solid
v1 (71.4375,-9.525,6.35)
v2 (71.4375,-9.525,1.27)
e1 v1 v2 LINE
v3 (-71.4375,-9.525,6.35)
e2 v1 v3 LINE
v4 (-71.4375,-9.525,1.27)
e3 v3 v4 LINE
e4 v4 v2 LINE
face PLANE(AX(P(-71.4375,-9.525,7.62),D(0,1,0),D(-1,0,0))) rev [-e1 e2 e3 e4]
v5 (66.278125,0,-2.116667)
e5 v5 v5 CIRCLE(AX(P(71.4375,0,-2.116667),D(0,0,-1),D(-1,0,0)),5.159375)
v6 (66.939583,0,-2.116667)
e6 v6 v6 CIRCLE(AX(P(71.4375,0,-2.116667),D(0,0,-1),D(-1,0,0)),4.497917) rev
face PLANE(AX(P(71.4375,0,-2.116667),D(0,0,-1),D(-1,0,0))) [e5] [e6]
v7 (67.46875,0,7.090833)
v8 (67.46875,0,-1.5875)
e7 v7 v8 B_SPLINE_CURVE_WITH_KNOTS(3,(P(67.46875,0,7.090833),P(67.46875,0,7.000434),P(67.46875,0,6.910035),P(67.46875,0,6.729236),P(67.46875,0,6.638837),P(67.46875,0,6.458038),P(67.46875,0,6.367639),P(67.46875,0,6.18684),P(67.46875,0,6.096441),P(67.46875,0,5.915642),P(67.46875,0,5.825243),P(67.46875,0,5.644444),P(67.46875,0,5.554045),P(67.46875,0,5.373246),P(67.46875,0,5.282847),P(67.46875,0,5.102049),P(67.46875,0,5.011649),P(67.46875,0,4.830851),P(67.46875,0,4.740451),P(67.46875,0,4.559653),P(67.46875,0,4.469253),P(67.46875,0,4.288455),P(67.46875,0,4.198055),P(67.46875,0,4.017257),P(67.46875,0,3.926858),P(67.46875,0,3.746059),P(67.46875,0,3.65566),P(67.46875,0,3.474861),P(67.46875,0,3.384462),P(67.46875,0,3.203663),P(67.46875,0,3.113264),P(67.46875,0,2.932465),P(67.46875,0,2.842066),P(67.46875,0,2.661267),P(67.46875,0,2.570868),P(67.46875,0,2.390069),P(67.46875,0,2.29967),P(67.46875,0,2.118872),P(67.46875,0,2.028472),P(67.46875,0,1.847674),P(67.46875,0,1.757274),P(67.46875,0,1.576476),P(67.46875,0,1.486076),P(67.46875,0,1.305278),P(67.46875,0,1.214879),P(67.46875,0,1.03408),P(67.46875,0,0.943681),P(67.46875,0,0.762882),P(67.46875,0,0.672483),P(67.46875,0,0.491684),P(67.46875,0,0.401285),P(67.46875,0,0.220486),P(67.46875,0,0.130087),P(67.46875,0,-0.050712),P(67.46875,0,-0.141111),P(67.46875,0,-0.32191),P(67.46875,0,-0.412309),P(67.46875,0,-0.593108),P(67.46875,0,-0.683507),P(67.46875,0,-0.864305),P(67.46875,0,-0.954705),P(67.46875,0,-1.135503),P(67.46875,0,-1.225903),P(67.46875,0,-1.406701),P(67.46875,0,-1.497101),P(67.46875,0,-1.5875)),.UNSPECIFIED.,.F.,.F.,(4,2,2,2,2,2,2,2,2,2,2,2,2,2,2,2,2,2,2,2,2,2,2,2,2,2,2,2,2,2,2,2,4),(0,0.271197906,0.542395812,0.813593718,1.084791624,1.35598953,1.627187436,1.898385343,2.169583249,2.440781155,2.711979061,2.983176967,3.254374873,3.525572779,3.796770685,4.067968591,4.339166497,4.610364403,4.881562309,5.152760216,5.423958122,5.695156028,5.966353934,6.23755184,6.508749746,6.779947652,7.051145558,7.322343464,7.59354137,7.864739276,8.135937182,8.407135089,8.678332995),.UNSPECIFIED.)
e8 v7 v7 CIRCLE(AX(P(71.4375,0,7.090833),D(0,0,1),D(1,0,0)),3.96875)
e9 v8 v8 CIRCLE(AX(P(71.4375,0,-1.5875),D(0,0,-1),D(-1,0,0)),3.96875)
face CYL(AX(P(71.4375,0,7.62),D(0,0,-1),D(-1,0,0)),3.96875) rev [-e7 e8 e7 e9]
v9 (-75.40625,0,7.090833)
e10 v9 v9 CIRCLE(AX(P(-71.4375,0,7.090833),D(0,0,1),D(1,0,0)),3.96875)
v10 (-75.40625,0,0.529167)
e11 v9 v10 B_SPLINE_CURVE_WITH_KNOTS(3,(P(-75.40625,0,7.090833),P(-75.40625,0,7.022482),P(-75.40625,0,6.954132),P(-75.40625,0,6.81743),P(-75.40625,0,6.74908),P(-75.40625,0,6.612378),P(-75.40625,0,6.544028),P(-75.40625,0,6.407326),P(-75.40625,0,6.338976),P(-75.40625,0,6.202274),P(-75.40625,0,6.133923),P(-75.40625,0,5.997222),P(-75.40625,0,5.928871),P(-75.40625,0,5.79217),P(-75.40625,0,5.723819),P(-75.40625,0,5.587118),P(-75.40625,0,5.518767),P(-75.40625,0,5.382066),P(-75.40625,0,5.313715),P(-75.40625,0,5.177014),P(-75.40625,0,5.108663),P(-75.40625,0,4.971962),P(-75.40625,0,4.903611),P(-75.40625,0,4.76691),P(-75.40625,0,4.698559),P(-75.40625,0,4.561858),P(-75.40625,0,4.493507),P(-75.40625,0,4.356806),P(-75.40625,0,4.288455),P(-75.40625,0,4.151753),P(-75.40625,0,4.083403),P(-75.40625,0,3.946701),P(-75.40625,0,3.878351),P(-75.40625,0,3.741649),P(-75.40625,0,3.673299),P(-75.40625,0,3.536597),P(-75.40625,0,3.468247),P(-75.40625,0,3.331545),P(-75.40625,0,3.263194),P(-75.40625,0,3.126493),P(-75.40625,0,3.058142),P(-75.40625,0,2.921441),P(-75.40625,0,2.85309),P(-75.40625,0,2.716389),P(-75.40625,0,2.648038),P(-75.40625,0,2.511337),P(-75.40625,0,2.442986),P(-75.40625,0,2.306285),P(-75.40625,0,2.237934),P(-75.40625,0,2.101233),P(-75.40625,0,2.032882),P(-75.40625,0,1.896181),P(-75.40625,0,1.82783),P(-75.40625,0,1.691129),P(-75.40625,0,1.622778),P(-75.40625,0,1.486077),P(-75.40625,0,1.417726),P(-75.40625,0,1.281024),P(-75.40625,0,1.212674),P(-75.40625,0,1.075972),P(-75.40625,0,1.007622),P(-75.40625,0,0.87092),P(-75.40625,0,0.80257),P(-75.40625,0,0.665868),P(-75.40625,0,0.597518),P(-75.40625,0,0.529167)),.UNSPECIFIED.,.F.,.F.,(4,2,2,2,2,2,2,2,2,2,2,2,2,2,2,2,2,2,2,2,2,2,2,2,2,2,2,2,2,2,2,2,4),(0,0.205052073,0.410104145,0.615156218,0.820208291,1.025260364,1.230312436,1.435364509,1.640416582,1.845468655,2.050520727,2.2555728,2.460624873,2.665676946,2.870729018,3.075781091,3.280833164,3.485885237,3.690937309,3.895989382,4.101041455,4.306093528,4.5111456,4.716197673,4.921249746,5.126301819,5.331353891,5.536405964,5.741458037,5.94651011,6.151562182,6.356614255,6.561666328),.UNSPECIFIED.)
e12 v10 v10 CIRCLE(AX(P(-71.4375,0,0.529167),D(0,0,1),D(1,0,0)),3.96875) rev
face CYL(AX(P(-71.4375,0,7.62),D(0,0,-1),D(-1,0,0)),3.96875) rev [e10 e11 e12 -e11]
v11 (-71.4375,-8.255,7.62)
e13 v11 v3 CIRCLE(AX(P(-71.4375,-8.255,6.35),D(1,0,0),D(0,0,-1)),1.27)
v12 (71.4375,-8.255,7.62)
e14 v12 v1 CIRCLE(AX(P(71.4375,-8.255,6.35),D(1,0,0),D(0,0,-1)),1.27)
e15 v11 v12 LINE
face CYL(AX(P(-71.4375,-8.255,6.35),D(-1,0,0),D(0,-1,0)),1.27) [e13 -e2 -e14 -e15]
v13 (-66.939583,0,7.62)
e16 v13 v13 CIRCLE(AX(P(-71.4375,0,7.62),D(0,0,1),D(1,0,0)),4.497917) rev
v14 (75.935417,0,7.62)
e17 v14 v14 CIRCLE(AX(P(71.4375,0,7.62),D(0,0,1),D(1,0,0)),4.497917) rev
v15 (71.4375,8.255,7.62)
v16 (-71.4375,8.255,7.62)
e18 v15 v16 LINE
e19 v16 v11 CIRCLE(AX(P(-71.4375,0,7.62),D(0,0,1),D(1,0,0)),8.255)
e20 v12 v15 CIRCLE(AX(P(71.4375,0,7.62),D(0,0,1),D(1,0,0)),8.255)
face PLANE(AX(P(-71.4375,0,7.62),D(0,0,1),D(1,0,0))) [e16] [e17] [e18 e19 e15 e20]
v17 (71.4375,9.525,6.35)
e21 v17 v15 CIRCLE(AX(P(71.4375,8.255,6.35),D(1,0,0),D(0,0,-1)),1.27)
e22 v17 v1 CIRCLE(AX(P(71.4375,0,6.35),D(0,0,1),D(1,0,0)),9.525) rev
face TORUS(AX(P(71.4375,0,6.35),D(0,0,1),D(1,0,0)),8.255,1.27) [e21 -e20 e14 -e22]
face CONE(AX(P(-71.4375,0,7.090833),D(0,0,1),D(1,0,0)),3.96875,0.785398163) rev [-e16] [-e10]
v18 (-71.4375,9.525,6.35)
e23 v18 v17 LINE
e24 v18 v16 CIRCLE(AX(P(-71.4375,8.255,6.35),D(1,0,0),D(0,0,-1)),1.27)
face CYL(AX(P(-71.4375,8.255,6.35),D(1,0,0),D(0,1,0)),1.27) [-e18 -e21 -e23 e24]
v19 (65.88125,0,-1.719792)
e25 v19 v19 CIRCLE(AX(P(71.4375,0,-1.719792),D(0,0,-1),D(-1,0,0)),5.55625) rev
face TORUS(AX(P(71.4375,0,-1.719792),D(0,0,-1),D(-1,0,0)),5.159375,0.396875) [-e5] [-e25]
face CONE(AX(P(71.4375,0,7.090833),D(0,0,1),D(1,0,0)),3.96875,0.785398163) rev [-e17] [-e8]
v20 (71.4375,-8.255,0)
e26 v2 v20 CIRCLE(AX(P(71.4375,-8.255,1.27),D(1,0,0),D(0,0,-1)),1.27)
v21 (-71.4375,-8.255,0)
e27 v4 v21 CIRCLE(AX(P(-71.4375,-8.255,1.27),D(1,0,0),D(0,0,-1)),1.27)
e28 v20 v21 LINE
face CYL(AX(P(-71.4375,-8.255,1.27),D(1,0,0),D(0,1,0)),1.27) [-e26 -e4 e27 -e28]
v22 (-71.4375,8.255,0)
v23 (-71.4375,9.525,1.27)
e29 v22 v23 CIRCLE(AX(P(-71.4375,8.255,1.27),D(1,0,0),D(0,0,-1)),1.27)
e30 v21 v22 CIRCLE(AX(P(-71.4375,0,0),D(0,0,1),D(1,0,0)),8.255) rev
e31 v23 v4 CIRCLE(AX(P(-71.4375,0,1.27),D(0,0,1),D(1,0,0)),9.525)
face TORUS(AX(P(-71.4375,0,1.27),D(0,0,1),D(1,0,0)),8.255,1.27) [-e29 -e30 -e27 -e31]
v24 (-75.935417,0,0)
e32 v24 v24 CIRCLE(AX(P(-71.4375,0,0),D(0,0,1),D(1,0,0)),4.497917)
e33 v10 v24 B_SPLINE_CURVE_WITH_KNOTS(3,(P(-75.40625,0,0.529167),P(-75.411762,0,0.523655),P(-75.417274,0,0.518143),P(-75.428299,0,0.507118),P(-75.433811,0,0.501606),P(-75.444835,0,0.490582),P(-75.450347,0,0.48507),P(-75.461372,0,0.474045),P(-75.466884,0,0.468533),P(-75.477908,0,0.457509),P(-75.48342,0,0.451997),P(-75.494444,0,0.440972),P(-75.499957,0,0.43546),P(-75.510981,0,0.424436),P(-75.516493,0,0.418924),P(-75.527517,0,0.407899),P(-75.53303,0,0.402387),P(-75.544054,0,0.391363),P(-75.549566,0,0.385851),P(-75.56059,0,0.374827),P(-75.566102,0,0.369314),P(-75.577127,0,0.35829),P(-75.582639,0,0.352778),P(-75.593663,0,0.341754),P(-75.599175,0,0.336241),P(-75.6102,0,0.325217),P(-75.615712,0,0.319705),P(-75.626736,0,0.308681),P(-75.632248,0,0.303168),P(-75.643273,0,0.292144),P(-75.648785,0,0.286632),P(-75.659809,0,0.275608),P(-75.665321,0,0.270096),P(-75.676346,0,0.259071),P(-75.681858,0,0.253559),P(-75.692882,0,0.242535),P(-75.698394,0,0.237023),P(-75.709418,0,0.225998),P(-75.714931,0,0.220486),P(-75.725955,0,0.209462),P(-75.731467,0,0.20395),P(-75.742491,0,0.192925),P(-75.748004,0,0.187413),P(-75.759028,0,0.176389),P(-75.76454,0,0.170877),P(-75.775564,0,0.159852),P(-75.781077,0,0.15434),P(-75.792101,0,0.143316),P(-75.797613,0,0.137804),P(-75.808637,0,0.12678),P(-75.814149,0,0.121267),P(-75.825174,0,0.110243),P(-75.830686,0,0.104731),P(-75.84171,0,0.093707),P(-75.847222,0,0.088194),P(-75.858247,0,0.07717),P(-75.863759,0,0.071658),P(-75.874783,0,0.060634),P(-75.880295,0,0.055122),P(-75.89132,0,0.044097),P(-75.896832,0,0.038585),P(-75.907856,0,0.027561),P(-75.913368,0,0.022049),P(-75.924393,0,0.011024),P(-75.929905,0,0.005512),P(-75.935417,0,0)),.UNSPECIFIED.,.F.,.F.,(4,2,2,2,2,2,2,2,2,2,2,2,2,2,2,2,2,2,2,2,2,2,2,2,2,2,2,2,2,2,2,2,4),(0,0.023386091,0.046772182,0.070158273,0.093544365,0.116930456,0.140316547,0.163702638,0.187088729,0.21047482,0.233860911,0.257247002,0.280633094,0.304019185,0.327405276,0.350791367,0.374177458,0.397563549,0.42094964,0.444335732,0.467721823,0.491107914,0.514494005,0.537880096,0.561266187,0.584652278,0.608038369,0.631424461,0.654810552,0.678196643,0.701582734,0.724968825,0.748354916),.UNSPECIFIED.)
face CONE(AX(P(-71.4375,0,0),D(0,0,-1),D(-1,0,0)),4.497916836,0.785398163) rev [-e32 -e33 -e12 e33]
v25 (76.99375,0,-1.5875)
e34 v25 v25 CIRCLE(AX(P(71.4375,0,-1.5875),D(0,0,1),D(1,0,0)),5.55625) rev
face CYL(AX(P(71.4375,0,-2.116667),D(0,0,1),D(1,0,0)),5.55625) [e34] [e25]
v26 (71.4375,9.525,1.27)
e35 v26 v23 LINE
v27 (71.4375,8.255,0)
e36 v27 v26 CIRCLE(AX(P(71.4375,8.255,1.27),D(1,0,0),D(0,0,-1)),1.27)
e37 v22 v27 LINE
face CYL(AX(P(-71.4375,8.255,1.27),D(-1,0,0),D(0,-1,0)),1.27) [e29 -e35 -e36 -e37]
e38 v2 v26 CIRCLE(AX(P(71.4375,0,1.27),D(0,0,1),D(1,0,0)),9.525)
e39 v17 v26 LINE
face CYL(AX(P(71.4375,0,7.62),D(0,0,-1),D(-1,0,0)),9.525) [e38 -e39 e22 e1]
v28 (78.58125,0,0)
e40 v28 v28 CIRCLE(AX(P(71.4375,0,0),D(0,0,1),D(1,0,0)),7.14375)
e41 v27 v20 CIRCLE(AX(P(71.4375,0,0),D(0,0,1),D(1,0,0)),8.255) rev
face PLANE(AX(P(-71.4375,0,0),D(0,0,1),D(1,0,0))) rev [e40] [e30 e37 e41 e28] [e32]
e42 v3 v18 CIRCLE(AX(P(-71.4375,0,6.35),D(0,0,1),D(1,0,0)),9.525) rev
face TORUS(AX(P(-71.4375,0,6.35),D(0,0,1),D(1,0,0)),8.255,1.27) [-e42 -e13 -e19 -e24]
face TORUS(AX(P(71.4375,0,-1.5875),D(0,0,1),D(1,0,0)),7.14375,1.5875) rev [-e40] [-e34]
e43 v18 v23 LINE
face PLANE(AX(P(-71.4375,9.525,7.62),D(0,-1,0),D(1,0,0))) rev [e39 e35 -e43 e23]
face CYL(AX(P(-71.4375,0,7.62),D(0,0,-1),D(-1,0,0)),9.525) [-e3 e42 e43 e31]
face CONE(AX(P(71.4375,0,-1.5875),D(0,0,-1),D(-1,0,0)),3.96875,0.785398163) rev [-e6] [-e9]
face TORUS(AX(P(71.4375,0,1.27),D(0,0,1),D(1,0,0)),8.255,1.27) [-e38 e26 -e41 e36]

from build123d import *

# Parameters (mm, degrees)
SKETCH1_R           = 3.96875
BOSS_EXTRUDE1_DEPTH = 7.62
FILLET1_R           = 1.27
BOSS_EXTRUDE2_START = 2.116666667
SKETCH2_R           = 5.55625
SKETCH2_R_2         = 3.96875
BOSS_EXTRUDE2_DEPTH = 2.116666667
FILLET2_R           = 1.5875
CHAMFER1_SIZE       = 0.529166836
FILLET3_R           = 0.396875


with BuildPart() as part:
    # Sketch1 → Boss-Extrude1 (new body)
    with BuildSketch(Plane.XY):
        with BuildLine():
            Line((-71.4375, 9.525), (71.4375, 9.525))
            ThreePointArc((71.4375, 9.525), (80.9625, 0), (71.4375, -9.525))
            Line((71.4375, -9.525), (-71.4375, -9.525))
            ThreePointArc((-71.4375, -9.525), (-80.9625, 0), (-71.4375, 9.525))
        make_face()
        with Locations(Location((-71.4375, 0, 0), (0, 0, 180))):
            Circle(SKETCH1_R, mode=Mode.SUBTRACT)
        with Locations(Location((71.4375, 0, 0), (0, 0, 180))):
            Circle(SKETCH1_R, mode=Mode.SUBTRACT)
    extrude(amount=BOSS_EXTRUDE1_DEPTH)

    # Fillet1
    fillet1_edges = [part.edges().sort_by_distance(p)[0] for p in [
        (80.9625, 0, 7.62),
        (0, 9.525, 7.62),
        (-80.9625, 0, 7.62),
        (0, 9.525, 0),
        (80.9625, 0, 0),
        (0, -9.525, 0),
        (-80.9625, 0, 0),
        (0, -9.525, 7.62),
    ]]
    fillet(fillet1_edges, radius=FILLET1_R)

    # Sketch2 → Boss-Extrude2 (add)
    with BuildSketch(Plane(origin=(0, 0, 0), x_dir=(-1, 0, 0), z_dir=(0, 0, -1)).offset(BOSS_EXTRUDE2_START)):
        with Locations(Location((-71.4375, 0, 0), (0, 0, 180))):
            Circle(SKETCH2_R)
        with Locations((-71.4375, 0)):
            Circle(SKETCH2_R_2, mode=Mode.SUBTRACT)
    extrude(amount=-BOSS_EXTRUDE2_DEPTH)

    # Fillet2
    fillet2_edges = [part.edges().sort_by_distance(p)[0] for p in [
        (65.88125, 0, 0),
    ]]
    fillet(fillet2_edges, radius=FILLET2_R)

    # Chamfer1
    chamfer1_edges = [part.edges().sort_by_distance(p)[0] for p in [
        (-67.46875, 0, 0),
        (-67.46875, 0, 7.62),
        (75.40625, 0, 7.62),
        (75.40625, 0, -2.116666667),
    ]]
    chamfer(chamfer1_edges, length=CHAMFER1_SIZE)

    # Fillet3
    fillet3_edges = [part.edges().sort_by_distance(p)[0] for p in [
        (65.88125, 0, -2.116666667),
    ]]
    fillet(fillet3_edges, radius=FILLET3_R)


solid = part.part
